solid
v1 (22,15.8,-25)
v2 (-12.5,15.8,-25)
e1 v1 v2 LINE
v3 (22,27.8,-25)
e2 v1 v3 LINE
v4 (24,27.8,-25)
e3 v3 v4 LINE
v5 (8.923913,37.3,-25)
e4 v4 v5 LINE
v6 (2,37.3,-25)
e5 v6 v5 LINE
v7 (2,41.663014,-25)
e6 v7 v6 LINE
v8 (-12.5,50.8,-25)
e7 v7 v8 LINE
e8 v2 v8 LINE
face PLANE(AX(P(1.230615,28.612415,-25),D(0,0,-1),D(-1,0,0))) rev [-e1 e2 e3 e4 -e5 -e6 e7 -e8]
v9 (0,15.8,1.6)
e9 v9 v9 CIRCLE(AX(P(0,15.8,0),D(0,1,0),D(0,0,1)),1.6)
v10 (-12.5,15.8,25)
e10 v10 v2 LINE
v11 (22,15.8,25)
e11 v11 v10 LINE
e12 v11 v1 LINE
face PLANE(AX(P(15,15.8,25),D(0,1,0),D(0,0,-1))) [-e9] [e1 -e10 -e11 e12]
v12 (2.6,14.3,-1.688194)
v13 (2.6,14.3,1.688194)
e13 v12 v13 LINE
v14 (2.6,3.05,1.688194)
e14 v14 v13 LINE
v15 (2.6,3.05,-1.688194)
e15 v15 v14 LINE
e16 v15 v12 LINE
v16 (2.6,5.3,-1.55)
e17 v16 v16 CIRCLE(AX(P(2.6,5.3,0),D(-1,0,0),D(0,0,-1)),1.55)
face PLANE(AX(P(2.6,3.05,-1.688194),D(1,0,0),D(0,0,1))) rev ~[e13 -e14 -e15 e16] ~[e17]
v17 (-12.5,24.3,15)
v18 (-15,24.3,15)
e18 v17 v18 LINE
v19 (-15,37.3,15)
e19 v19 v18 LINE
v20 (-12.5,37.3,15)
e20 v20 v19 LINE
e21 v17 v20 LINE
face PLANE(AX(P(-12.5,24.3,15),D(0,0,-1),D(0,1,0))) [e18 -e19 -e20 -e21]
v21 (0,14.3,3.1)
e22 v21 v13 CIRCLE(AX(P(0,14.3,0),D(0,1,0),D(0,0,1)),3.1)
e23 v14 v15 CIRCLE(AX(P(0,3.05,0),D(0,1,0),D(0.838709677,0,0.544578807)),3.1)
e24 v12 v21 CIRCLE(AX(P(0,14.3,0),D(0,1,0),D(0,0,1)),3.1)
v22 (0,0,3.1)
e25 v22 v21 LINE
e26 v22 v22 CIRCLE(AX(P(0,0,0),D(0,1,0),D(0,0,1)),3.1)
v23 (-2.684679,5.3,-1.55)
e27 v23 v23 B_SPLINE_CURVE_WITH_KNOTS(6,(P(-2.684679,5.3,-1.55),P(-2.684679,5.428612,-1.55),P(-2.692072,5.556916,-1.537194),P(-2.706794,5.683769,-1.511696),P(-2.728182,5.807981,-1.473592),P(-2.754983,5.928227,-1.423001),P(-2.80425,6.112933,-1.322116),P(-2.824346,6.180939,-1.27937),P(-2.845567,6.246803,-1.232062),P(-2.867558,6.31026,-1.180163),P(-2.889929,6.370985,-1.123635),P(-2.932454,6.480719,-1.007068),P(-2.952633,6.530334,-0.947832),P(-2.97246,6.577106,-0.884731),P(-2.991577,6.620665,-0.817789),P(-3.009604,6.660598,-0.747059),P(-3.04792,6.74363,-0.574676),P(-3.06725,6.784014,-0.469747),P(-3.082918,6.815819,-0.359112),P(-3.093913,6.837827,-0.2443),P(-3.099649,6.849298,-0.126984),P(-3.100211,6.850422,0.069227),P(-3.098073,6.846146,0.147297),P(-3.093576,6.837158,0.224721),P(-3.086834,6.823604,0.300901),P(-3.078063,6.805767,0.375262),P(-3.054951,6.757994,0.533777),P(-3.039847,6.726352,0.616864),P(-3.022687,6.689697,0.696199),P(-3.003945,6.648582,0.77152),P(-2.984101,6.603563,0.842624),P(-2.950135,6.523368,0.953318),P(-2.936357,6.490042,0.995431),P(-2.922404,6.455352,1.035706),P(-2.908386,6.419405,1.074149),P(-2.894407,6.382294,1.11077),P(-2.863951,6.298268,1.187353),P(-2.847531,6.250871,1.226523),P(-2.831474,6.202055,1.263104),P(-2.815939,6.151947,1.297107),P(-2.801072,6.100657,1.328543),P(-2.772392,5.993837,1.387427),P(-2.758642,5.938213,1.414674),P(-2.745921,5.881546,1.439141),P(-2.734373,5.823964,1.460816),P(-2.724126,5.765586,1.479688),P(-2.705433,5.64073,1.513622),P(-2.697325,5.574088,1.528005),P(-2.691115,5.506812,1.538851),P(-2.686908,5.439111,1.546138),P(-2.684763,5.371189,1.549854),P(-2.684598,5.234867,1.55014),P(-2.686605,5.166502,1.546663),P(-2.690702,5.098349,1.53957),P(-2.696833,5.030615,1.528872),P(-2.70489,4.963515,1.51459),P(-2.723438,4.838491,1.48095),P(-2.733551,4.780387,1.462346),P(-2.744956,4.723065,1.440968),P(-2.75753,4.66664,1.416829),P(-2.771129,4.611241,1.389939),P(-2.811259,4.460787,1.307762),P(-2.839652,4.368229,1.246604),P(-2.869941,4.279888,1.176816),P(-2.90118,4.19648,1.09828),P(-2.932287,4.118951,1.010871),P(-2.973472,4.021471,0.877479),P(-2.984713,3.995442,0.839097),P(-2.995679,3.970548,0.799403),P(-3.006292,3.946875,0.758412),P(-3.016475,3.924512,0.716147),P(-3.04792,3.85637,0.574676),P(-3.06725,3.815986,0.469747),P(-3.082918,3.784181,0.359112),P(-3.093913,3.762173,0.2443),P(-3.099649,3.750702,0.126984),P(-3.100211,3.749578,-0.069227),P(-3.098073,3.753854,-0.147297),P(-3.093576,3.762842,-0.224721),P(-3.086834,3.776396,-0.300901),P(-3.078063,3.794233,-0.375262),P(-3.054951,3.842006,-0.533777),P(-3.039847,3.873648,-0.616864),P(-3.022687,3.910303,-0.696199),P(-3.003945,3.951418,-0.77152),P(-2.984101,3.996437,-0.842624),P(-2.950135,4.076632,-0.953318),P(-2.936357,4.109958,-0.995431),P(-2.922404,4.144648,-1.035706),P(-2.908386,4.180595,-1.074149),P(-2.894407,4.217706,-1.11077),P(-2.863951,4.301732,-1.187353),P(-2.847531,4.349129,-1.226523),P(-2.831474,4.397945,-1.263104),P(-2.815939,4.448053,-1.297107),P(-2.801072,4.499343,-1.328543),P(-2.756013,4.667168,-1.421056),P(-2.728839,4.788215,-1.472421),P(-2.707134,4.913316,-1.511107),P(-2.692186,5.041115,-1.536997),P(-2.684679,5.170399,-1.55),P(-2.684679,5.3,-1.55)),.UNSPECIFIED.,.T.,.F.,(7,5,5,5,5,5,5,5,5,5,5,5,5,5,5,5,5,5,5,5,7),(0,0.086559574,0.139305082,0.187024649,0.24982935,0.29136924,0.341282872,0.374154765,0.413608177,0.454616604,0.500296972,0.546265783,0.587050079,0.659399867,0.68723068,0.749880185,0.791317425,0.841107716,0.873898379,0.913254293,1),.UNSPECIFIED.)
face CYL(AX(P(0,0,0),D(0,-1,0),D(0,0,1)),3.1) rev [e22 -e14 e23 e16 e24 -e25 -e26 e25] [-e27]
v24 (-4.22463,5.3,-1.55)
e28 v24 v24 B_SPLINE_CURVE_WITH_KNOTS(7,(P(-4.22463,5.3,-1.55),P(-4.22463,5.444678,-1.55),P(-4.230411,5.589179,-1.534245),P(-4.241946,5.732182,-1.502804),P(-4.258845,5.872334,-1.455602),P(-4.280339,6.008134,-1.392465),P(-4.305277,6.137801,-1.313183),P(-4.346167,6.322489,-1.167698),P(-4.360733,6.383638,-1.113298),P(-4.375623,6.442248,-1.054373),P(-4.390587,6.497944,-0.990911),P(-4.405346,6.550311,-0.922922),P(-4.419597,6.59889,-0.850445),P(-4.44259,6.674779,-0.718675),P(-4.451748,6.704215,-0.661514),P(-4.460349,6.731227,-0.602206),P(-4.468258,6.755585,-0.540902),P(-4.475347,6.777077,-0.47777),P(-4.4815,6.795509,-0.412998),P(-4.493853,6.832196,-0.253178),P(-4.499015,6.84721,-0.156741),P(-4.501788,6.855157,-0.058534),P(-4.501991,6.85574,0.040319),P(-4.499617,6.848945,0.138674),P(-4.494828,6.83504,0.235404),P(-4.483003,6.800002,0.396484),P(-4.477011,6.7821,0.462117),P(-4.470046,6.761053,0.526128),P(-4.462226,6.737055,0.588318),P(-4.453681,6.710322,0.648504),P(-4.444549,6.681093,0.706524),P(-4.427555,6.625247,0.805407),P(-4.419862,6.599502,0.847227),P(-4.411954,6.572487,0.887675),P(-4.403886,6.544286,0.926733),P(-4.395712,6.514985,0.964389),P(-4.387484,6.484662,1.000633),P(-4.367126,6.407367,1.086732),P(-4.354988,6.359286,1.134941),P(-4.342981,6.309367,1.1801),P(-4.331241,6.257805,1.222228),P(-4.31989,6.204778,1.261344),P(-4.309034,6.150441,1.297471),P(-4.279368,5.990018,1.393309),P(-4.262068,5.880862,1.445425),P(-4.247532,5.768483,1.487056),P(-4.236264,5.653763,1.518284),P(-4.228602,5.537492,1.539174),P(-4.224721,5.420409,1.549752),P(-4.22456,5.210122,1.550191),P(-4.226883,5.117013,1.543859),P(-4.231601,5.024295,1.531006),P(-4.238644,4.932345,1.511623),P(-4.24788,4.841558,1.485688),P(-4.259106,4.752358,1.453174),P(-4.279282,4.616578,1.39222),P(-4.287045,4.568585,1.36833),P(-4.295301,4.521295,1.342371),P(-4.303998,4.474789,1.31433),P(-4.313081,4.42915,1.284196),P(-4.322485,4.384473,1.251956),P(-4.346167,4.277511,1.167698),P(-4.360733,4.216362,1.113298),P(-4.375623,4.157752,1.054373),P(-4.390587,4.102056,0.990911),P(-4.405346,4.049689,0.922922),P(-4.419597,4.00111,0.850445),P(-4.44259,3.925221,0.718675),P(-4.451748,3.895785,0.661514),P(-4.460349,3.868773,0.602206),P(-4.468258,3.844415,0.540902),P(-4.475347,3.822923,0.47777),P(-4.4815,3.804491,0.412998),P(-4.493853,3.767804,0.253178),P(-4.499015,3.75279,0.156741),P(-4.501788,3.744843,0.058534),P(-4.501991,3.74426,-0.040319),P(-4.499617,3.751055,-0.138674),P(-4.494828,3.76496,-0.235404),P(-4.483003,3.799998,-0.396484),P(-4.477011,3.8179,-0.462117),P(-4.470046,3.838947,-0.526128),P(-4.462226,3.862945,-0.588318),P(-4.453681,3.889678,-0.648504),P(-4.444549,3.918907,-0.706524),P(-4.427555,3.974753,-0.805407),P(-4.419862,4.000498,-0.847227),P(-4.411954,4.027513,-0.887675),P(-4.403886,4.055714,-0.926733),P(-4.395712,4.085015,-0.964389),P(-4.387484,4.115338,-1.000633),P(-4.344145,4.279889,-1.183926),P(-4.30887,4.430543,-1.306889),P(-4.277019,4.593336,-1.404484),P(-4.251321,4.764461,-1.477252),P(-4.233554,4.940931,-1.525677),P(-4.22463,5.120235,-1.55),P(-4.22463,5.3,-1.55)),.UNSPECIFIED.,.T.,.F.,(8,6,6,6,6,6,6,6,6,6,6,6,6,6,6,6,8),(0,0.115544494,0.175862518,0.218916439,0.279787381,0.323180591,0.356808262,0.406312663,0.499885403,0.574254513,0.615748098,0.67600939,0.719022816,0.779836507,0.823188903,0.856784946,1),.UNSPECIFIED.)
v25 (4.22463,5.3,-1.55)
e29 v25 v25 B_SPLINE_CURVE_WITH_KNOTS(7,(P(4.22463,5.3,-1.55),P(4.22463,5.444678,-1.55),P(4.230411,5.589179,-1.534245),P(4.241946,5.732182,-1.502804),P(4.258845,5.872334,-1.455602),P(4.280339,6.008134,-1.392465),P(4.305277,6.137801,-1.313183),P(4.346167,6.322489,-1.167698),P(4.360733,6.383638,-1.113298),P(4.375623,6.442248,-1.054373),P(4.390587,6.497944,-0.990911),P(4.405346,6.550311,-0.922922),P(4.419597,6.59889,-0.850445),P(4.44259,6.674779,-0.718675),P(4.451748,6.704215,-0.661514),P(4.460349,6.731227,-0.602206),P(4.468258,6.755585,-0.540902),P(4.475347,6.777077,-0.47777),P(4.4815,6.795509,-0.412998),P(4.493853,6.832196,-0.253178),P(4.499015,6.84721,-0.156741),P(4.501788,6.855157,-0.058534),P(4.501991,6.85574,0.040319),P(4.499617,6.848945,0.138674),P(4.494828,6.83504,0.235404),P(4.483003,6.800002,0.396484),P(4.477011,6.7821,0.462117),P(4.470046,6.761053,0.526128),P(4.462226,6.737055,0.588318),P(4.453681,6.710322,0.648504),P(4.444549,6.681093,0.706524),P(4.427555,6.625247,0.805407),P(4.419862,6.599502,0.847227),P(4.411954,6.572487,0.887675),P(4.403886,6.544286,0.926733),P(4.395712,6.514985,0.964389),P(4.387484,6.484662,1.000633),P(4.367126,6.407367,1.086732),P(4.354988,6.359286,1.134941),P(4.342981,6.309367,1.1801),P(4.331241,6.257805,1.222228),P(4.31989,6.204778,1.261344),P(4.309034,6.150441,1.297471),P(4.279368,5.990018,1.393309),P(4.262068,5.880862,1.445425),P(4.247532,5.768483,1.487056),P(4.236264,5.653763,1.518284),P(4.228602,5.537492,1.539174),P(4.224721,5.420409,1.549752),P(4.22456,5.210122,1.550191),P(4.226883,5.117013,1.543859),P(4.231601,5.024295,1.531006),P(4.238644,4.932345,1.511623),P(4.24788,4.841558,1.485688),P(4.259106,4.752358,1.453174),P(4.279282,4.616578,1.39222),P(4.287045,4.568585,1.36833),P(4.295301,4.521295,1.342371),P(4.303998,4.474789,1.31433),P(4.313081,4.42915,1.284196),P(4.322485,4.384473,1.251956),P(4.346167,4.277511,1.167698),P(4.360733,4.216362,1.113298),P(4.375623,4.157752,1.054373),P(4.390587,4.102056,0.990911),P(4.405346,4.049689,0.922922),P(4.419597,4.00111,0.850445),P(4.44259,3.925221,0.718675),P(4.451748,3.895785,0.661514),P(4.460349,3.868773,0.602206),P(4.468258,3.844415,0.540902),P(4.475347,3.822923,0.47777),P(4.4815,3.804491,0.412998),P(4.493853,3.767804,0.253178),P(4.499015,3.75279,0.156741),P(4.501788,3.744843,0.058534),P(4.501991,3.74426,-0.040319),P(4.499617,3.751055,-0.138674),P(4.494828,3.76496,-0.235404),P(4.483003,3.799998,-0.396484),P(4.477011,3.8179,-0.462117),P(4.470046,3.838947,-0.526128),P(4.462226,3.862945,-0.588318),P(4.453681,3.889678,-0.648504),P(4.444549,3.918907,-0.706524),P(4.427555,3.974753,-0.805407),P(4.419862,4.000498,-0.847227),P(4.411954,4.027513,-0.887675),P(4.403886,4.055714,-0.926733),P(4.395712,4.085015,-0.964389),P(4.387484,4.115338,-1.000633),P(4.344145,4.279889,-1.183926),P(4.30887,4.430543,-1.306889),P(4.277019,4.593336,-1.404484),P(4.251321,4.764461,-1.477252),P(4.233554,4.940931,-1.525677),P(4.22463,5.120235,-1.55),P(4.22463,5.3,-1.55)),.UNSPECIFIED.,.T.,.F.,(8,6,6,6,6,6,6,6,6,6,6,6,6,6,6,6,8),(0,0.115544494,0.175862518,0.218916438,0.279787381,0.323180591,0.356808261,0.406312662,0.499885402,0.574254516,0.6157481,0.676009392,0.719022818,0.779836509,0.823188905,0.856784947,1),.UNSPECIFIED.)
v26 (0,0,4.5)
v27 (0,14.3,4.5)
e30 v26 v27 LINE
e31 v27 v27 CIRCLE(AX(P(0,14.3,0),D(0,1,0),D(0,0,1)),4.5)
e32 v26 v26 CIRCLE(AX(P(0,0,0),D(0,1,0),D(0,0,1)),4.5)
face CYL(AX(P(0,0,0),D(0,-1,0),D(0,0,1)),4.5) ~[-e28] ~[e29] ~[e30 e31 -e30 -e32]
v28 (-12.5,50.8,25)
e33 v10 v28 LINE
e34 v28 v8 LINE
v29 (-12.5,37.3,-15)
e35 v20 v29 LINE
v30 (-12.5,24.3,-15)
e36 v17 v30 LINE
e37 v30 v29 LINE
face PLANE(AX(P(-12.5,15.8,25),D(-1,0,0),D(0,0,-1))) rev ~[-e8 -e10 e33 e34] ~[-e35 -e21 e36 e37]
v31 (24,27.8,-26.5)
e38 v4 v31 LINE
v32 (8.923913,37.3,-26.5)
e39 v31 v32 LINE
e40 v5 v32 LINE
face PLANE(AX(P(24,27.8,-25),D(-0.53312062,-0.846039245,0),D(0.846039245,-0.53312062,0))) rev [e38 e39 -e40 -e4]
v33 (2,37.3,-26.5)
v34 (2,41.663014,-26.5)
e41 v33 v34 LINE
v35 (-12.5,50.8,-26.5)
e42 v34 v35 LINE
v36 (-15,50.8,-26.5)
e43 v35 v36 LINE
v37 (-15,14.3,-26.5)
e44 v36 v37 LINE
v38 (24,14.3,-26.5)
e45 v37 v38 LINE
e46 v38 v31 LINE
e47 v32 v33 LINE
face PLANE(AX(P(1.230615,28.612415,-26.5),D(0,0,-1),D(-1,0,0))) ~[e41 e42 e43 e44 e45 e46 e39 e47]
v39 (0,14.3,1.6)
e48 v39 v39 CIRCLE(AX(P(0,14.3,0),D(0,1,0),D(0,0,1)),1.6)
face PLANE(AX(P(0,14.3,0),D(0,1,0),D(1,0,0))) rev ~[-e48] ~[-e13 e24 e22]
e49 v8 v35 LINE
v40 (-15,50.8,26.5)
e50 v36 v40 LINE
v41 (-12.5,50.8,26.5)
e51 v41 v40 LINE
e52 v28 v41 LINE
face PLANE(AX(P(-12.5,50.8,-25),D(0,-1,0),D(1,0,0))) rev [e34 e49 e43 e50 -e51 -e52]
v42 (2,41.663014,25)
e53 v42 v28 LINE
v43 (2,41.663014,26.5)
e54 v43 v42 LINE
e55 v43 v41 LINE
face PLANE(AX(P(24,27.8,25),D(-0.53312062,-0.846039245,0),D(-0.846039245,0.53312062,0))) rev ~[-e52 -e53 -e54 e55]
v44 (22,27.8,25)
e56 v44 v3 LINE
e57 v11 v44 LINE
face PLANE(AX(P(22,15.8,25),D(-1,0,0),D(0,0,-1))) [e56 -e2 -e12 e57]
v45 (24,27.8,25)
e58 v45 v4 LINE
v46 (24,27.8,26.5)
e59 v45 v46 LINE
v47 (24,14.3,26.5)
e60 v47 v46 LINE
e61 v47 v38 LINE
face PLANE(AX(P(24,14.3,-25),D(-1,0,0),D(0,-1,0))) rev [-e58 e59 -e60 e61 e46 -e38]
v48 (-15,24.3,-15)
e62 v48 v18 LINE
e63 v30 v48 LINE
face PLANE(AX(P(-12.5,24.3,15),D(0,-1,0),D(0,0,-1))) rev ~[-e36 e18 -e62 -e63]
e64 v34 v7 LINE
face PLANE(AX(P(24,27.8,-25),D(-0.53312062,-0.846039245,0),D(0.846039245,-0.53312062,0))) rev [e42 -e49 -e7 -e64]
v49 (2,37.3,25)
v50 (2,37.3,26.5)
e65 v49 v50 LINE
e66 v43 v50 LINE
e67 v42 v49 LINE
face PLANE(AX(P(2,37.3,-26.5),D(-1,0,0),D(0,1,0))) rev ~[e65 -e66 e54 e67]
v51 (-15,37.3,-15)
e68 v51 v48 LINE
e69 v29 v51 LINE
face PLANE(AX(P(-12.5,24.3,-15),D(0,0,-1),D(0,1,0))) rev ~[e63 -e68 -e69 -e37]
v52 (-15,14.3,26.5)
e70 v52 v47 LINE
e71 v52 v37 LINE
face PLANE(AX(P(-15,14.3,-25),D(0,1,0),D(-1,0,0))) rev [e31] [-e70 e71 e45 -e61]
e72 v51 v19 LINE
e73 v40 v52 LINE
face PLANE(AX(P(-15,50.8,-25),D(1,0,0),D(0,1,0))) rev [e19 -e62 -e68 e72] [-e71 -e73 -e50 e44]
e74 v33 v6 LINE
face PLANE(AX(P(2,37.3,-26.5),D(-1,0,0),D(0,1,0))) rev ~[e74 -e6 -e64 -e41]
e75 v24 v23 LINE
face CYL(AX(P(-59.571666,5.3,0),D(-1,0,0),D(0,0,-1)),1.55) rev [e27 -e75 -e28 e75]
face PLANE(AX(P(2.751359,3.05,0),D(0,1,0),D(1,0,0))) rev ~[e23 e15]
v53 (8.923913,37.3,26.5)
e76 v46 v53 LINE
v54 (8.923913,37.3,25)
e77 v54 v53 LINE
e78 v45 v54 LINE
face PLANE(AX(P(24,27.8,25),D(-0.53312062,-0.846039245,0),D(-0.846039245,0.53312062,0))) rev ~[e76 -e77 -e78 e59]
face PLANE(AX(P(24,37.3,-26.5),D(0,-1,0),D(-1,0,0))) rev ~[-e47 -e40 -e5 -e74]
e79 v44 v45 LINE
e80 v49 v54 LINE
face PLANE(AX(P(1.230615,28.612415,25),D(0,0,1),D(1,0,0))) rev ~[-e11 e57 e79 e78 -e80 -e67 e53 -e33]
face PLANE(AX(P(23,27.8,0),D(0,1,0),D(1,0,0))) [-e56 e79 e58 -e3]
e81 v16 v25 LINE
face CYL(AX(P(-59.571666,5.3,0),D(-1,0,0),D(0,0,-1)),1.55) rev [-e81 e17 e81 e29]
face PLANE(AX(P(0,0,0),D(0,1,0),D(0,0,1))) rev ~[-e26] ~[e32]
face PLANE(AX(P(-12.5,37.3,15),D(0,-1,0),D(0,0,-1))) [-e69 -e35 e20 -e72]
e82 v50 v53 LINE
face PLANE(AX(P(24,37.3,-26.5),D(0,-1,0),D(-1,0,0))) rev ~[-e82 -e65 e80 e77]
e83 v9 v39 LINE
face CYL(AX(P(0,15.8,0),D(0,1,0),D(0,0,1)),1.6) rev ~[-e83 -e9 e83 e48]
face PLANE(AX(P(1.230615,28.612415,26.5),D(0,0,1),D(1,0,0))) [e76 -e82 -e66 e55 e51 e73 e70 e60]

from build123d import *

# Parameters (mm, degrees)
SKETCH_1_R               = 4.5
SKETCH_1_R_2             = 3.1
EXTRUDE_1_DEPTH          = 14.3
EXTRUDE_START            = -11.25
EXTRUDE_2_DEPTH          = 11.25
SKETCH_4_W               = 30
SKETCH_4_H               = 50
EXTRUDE_3_DEPTH          = 1.5
SKETCH_5_R               = 1.6
CUT_EXTRUDE_2_DEPTH      = 34.160820255
SKETCH_6_W               = 2.5
SKETCH_6_H               = 50
EXTRUDE_4_DEPTH          = 35
SKETCH_7_W               = 30
SKETCH_7_H               = 13
CUT_EXTRUDE_3_DEPTH      = 10
CUT_EXTRUDE_4_DEPTH      = 59.571665505
CUT_EXTRUDE_4_DEPTH_BACK = 59.571665505
SKETCH_9_R               = 1.55
SKETCH_10_W              = 50
SKETCH_10_H              = 1.5
EXTRUDE_6_DEPTH          = 9
SKETCH_12_W              = 2
SKETCH_12_H              = 50
EXTRUDE_7_DEPTH          = 12
EXTRUDE_8_DEPTH          = 1.5
SKETCH_14_W              = 22
SKETCH_14_H              = 13.5
CUT_EXTRUDE_5_DEPTH      = 78.237555632


with BuildPart() as part:
    # 草图1 → 凸台-拉伸1 (new body)
    with BuildSketch(Plane(origin=(0, 0, 0), x_dir=(1, 0, 0), z_dir=(0, 1, 0))):
        with Locations(Location((0, 0, 0), (0, 0, 270))):
            Circle(SKETCH_1_R)
        with Locations(Location((0, 0, 0), (0, 0, 270))):
            Circle(SKETCH_1_R_2, mode=Mode.SUBTRACT)
    extrude(amount=EXTRUDE_1_DEPTH)

    # 草图2 → 凸台-拉伸2 (add)
    with BuildSketch(Plane(origin=(0, 14.3, 0), x_dir=(1, 0, 0), z_dir=(0, 1, 0)).offset(EXTRUDE_START)):
        with BuildLine():
            Line((2.6, 1.688194302), (2.6, -1.688194302))
            ThreePointArc((2.6, -1.688194302), (3.1, 0), (2.6, 1.688194302))
        make_face()
    extrude(amount=EXTRUDE_2_DEPTH)

    # 草图4 → 凸台-拉伸3 (add)
    with BuildSketch(Plane(origin=(0, 14.3, 0), x_dir=(1, 0, 0), z_dir=(0, 1, 0))):
        Rectangle(SKETCH_4_W, SKETCH_4_H)
    extrude(amount=EXTRUDE_3_DEPTH)

    # 草图5 → 切除-拉伸2 (cut, through all)
    with BuildSketch(Plane(origin=(0, 15.8, 0), x_dir=(1, 0, 0), z_dir=(0, 1, 0))):
        with Locations(Location((0, 0, 0), (0, 0, 270))):
            Circle(SKETCH_5_R)
    extrude(amount=-CUT_EXTRUDE_2_DEPTH, mode=Mode.SUBTRACT)

    # 草图6 → 凸台-拉伸4 (add)
    with BuildSketch(Plane(origin=(0, 15.8, 0), x_dir=(1, 0, 0), z_dir=(0, 1, 0))):
        with Locations((-13.75, 0)):
            Rectangle(SKETCH_6_W, SKETCH_6_H)
    extrude(amount=EXTRUDE_4_DEPTH)

    # 草图7 → 切除-拉伸3 (cut)
    with BuildSketch(Plane(origin=(-12.5, 0, 0), x_dir=(0, 0, -1), z_dir=(1, 0, 0))):
        with Locations((0, 30.8)):
            Rectangle(SKETCH_7_W, SKETCH_7_H)
    extrude(amount=-CUT_EXTRUDE_3_DEPTH, mode=Mode.SUBTRACT)

    # 草图9 → 切除-拉伸4 (cut, two sides: drawn at the far end of the back side and taken through both)
    with BuildSketch(Plane(origin=(0, 0, 0), x_dir=(0, 0, -1), z_dir=(1, 0, 0)).offset(-CUT_EXTRUDE_4_DEPTH_BACK)):
        with Locations((0, 5.3)):
            Circle(SKETCH_9_R)
    extrude(amount=CUT_EXTRUDE_4_DEPTH + CUT_EXTRUDE_4_DEPTH_BACK, mode=Mode.SUBTRACT)

    # 草图10 → 凸台-拉伸6 (add)
    with BuildSketch(Plane(origin=(15, 0, 0), x_dir=(0, 0, -1), z_dir=(1, 0, 0))):
        with Locations((0, 15.05)):
            Rectangle(SKETCH_10_W, SKETCH_10_H)
    extrude(amount=EXTRUDE_6_DEPTH)

    # 草图12 → 凸台-拉伸7 (add)
    with BuildSketch(Plane(origin=(0, 15.8, 0), x_dir=(1, 0, 0), z_dir=(0, 1, 0))):
        with Locations((23, 0)):
            Rectangle(SKETCH_12_W, SKETCH_12_H)
    extrude(amount=EXTRUDE_7_DEPTH)

    # 草图13 → 凸台-拉伸8 (add)
    with BuildSketch(Plane.XY.offset(25)):
        Polygon((24, 27.8), (-12.5, 50.8), (-15, 50.8), (-15, 14.3), (24, 14.3), align=None)
    extrude_8 = extrude(amount=EXTRUDE_8_DEPTH)

    # 镜向2: 凸台-拉伸8 across plane
    add(extrude_8.mirror(Plane.XY))

    # 草图14 → 切除-拉伸5 (cut, through all)
    with BuildSketch(Plane(origin=(0, 0, -26.5), x_dir=(-1, 0, 0), z_dir=(0, 0, -1))):
        with Locations((-13, 44.05)):
            Rectangle(SKETCH_14_W, SKETCH_14_H)
    extrude(amount=-CUT_EXTRUDE_5_DEPTH, mode=Mode.SUBTRACT)


solid = part.part
